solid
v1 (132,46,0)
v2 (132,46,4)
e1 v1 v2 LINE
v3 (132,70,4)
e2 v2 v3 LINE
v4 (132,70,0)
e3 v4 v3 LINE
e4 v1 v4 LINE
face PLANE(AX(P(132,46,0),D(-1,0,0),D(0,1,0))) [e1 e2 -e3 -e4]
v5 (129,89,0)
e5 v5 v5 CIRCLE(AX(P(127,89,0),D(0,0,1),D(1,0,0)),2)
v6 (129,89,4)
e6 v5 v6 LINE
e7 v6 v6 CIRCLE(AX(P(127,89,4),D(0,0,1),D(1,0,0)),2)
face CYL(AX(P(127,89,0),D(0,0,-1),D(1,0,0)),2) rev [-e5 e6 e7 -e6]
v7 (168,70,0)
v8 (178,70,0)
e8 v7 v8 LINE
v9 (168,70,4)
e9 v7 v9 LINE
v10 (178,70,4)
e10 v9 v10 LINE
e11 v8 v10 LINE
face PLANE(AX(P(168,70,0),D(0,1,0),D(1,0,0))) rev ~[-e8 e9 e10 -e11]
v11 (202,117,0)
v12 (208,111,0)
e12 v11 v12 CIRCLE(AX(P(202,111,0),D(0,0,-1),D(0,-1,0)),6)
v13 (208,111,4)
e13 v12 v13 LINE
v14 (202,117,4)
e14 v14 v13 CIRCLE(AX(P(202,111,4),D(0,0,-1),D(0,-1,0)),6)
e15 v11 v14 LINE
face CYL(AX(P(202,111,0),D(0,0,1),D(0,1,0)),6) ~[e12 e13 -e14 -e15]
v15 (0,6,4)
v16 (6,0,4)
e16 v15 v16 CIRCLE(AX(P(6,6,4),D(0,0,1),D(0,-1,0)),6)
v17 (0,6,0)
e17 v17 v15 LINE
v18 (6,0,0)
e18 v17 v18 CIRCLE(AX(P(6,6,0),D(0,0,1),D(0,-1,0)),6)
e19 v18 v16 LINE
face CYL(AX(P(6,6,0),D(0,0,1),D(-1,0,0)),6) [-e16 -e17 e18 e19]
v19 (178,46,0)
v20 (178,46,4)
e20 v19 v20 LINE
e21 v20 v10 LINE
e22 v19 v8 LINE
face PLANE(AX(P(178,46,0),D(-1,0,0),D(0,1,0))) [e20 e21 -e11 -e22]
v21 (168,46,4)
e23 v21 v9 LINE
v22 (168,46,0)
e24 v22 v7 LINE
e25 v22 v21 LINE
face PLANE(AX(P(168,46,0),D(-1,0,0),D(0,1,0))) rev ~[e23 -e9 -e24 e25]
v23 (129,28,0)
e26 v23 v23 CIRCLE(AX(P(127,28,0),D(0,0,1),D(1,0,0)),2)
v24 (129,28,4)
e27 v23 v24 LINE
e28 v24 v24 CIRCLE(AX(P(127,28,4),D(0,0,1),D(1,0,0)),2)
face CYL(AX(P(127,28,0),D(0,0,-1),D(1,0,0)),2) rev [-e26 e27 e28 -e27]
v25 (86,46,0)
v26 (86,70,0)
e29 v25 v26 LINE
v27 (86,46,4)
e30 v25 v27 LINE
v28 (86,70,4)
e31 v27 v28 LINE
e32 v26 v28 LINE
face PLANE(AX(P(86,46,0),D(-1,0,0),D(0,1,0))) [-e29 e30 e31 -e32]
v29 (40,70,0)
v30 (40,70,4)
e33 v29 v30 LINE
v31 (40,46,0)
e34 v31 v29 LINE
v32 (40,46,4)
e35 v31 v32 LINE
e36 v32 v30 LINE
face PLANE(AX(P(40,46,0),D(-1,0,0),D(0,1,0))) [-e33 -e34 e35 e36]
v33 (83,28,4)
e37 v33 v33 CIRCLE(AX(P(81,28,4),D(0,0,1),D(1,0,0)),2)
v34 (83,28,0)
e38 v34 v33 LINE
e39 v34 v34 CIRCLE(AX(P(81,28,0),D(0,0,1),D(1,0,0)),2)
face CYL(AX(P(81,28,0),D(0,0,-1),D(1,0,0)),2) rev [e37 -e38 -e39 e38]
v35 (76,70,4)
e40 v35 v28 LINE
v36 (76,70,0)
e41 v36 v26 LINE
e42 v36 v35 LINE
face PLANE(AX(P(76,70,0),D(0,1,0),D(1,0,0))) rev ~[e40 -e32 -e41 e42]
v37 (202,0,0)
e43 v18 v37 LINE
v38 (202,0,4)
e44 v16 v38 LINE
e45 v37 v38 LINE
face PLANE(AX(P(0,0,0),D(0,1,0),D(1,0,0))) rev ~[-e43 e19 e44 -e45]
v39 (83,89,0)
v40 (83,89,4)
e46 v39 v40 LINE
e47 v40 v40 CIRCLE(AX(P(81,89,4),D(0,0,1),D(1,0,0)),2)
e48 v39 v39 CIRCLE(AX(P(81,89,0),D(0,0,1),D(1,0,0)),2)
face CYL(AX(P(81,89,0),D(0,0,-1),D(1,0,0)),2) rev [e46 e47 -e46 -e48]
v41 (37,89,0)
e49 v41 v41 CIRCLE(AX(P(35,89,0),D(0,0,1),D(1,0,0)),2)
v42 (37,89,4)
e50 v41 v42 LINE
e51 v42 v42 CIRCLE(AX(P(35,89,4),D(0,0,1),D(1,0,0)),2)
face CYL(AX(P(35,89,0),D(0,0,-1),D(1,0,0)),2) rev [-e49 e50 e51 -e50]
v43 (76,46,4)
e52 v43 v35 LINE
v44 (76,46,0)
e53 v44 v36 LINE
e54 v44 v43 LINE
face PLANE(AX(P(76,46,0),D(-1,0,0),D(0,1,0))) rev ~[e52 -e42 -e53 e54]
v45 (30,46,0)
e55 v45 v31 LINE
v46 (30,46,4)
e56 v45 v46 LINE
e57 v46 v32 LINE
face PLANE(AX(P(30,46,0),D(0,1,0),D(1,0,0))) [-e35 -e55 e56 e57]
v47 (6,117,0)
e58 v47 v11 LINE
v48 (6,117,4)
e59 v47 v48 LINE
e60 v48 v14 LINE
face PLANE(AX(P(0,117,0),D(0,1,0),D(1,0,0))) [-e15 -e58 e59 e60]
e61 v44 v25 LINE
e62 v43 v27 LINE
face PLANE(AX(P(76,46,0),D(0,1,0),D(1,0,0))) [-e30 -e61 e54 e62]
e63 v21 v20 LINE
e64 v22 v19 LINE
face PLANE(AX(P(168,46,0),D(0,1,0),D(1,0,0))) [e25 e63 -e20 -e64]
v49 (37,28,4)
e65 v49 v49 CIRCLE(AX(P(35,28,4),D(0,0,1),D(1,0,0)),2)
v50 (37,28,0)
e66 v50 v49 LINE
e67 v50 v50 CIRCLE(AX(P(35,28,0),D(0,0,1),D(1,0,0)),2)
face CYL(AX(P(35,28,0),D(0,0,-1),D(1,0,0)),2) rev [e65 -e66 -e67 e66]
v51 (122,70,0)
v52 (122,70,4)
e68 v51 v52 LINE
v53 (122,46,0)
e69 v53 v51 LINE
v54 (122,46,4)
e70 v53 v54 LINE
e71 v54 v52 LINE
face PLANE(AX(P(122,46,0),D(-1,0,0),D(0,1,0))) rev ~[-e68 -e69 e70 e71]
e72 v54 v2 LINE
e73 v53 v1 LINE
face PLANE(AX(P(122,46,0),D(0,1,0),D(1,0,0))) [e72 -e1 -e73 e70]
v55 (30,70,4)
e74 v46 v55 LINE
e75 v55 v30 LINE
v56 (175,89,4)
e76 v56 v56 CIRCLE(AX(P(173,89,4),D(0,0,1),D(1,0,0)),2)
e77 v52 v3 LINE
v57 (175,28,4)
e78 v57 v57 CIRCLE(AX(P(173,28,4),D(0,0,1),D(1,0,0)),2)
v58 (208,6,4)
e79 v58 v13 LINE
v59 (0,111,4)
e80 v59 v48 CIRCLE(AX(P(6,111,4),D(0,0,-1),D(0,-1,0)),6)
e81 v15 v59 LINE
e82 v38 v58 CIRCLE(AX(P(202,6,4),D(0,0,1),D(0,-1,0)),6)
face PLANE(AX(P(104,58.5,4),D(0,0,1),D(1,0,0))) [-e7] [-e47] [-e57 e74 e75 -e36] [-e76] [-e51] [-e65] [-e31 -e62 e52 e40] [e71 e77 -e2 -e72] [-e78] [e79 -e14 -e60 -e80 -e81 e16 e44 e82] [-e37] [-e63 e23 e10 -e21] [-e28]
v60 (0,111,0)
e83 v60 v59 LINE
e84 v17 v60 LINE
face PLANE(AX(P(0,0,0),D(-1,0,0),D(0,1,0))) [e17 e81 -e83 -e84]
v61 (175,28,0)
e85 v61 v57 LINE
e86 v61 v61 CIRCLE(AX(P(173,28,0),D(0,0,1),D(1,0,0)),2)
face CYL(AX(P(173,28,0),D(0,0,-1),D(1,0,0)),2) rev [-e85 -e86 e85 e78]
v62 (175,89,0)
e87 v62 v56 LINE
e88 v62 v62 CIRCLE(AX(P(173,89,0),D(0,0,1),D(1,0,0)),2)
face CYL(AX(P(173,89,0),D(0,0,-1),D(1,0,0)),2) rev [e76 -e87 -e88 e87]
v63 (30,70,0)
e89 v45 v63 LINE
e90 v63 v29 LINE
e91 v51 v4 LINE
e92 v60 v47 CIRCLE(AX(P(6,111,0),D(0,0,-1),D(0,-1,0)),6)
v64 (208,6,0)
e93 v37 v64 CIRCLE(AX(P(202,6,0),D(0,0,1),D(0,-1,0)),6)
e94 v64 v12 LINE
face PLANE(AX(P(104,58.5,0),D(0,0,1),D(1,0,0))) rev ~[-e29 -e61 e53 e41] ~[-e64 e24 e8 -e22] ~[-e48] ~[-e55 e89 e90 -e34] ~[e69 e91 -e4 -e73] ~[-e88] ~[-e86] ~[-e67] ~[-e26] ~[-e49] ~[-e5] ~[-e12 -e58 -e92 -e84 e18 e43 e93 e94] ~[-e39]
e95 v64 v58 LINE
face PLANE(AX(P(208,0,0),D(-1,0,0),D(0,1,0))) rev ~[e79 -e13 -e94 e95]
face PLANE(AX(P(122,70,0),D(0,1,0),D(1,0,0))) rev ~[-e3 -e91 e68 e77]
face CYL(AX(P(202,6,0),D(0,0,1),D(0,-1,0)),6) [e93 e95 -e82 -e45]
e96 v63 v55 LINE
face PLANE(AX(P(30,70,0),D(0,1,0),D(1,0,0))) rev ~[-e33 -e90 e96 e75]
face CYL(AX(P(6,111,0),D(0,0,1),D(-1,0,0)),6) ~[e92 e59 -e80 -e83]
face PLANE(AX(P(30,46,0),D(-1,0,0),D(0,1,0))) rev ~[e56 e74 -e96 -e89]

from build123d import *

# Parameters (mm, degrees)
F0_W     = 208
F0_H     = 117
F0_R     = 2
F0_W_2   = 10
F0_H_2   = 24
F1_DEPTH = 4
F2_R     = 6


with BuildPart() as f1:
    # F0 (on Top) → F1 (new body)
    with BuildSketch(Plane.XY):
        with Locations((104, 58.5)):
            Rectangle(F0_W, F0_H)
        with Locations((35, 28)):
            Circle(F0_R, mode=Mode.SUBTRACT)
        with Locations((81, 28)):
            Circle(F0_R, mode=Mode.SUBTRACT)
        with Locations((35, 58)):
            Rectangle(F0_W_2, F0_H_2, mode=Mode.SUBTRACT)
        with Locations((81, 58)):
            Rectangle(F0_W_2, F0_H_2, mode=Mode.SUBTRACT)
        with Locations((127, 28)):
            Circle(F0_R, mode=Mode.SUBTRACT)
        with Locations((173, 28)):
            Circle(F0_R, mode=Mode.SUBTRACT)
        with Locations((127, 58)):
            Rectangle(F0_W_2, F0_H_2, mode=Mode.SUBTRACT)
        with Locations((173, 58)):
            Rectangle(F0_W_2, F0_H_2, mode=Mode.SUBTRACT)
        with Locations((35, 89)):
            Circle(F0_R, mode=Mode.SUBTRACT)
        with Locations((81, 89)):
            Circle(F0_R, mode=Mode.SUBTRACT)
        with Locations((127, 89)):
            Circle(F0_R, mode=Mode.SUBTRACT)
        with Locations((173, 89)):
            Circle(F0_R, mode=Mode.SUBTRACT)
    extrude(amount=F1_DEPTH)

    # F2
    f2_edges = [f1.edges().sort_by_distance(p)[0] for p in [
        (0, 117, 2),
        (208, 117, 2),
        (208, 0, 2),
        (0, 0, 2),
    ]]
    fillet(f2_edges, radius=F2_R)


solid = f1.part
